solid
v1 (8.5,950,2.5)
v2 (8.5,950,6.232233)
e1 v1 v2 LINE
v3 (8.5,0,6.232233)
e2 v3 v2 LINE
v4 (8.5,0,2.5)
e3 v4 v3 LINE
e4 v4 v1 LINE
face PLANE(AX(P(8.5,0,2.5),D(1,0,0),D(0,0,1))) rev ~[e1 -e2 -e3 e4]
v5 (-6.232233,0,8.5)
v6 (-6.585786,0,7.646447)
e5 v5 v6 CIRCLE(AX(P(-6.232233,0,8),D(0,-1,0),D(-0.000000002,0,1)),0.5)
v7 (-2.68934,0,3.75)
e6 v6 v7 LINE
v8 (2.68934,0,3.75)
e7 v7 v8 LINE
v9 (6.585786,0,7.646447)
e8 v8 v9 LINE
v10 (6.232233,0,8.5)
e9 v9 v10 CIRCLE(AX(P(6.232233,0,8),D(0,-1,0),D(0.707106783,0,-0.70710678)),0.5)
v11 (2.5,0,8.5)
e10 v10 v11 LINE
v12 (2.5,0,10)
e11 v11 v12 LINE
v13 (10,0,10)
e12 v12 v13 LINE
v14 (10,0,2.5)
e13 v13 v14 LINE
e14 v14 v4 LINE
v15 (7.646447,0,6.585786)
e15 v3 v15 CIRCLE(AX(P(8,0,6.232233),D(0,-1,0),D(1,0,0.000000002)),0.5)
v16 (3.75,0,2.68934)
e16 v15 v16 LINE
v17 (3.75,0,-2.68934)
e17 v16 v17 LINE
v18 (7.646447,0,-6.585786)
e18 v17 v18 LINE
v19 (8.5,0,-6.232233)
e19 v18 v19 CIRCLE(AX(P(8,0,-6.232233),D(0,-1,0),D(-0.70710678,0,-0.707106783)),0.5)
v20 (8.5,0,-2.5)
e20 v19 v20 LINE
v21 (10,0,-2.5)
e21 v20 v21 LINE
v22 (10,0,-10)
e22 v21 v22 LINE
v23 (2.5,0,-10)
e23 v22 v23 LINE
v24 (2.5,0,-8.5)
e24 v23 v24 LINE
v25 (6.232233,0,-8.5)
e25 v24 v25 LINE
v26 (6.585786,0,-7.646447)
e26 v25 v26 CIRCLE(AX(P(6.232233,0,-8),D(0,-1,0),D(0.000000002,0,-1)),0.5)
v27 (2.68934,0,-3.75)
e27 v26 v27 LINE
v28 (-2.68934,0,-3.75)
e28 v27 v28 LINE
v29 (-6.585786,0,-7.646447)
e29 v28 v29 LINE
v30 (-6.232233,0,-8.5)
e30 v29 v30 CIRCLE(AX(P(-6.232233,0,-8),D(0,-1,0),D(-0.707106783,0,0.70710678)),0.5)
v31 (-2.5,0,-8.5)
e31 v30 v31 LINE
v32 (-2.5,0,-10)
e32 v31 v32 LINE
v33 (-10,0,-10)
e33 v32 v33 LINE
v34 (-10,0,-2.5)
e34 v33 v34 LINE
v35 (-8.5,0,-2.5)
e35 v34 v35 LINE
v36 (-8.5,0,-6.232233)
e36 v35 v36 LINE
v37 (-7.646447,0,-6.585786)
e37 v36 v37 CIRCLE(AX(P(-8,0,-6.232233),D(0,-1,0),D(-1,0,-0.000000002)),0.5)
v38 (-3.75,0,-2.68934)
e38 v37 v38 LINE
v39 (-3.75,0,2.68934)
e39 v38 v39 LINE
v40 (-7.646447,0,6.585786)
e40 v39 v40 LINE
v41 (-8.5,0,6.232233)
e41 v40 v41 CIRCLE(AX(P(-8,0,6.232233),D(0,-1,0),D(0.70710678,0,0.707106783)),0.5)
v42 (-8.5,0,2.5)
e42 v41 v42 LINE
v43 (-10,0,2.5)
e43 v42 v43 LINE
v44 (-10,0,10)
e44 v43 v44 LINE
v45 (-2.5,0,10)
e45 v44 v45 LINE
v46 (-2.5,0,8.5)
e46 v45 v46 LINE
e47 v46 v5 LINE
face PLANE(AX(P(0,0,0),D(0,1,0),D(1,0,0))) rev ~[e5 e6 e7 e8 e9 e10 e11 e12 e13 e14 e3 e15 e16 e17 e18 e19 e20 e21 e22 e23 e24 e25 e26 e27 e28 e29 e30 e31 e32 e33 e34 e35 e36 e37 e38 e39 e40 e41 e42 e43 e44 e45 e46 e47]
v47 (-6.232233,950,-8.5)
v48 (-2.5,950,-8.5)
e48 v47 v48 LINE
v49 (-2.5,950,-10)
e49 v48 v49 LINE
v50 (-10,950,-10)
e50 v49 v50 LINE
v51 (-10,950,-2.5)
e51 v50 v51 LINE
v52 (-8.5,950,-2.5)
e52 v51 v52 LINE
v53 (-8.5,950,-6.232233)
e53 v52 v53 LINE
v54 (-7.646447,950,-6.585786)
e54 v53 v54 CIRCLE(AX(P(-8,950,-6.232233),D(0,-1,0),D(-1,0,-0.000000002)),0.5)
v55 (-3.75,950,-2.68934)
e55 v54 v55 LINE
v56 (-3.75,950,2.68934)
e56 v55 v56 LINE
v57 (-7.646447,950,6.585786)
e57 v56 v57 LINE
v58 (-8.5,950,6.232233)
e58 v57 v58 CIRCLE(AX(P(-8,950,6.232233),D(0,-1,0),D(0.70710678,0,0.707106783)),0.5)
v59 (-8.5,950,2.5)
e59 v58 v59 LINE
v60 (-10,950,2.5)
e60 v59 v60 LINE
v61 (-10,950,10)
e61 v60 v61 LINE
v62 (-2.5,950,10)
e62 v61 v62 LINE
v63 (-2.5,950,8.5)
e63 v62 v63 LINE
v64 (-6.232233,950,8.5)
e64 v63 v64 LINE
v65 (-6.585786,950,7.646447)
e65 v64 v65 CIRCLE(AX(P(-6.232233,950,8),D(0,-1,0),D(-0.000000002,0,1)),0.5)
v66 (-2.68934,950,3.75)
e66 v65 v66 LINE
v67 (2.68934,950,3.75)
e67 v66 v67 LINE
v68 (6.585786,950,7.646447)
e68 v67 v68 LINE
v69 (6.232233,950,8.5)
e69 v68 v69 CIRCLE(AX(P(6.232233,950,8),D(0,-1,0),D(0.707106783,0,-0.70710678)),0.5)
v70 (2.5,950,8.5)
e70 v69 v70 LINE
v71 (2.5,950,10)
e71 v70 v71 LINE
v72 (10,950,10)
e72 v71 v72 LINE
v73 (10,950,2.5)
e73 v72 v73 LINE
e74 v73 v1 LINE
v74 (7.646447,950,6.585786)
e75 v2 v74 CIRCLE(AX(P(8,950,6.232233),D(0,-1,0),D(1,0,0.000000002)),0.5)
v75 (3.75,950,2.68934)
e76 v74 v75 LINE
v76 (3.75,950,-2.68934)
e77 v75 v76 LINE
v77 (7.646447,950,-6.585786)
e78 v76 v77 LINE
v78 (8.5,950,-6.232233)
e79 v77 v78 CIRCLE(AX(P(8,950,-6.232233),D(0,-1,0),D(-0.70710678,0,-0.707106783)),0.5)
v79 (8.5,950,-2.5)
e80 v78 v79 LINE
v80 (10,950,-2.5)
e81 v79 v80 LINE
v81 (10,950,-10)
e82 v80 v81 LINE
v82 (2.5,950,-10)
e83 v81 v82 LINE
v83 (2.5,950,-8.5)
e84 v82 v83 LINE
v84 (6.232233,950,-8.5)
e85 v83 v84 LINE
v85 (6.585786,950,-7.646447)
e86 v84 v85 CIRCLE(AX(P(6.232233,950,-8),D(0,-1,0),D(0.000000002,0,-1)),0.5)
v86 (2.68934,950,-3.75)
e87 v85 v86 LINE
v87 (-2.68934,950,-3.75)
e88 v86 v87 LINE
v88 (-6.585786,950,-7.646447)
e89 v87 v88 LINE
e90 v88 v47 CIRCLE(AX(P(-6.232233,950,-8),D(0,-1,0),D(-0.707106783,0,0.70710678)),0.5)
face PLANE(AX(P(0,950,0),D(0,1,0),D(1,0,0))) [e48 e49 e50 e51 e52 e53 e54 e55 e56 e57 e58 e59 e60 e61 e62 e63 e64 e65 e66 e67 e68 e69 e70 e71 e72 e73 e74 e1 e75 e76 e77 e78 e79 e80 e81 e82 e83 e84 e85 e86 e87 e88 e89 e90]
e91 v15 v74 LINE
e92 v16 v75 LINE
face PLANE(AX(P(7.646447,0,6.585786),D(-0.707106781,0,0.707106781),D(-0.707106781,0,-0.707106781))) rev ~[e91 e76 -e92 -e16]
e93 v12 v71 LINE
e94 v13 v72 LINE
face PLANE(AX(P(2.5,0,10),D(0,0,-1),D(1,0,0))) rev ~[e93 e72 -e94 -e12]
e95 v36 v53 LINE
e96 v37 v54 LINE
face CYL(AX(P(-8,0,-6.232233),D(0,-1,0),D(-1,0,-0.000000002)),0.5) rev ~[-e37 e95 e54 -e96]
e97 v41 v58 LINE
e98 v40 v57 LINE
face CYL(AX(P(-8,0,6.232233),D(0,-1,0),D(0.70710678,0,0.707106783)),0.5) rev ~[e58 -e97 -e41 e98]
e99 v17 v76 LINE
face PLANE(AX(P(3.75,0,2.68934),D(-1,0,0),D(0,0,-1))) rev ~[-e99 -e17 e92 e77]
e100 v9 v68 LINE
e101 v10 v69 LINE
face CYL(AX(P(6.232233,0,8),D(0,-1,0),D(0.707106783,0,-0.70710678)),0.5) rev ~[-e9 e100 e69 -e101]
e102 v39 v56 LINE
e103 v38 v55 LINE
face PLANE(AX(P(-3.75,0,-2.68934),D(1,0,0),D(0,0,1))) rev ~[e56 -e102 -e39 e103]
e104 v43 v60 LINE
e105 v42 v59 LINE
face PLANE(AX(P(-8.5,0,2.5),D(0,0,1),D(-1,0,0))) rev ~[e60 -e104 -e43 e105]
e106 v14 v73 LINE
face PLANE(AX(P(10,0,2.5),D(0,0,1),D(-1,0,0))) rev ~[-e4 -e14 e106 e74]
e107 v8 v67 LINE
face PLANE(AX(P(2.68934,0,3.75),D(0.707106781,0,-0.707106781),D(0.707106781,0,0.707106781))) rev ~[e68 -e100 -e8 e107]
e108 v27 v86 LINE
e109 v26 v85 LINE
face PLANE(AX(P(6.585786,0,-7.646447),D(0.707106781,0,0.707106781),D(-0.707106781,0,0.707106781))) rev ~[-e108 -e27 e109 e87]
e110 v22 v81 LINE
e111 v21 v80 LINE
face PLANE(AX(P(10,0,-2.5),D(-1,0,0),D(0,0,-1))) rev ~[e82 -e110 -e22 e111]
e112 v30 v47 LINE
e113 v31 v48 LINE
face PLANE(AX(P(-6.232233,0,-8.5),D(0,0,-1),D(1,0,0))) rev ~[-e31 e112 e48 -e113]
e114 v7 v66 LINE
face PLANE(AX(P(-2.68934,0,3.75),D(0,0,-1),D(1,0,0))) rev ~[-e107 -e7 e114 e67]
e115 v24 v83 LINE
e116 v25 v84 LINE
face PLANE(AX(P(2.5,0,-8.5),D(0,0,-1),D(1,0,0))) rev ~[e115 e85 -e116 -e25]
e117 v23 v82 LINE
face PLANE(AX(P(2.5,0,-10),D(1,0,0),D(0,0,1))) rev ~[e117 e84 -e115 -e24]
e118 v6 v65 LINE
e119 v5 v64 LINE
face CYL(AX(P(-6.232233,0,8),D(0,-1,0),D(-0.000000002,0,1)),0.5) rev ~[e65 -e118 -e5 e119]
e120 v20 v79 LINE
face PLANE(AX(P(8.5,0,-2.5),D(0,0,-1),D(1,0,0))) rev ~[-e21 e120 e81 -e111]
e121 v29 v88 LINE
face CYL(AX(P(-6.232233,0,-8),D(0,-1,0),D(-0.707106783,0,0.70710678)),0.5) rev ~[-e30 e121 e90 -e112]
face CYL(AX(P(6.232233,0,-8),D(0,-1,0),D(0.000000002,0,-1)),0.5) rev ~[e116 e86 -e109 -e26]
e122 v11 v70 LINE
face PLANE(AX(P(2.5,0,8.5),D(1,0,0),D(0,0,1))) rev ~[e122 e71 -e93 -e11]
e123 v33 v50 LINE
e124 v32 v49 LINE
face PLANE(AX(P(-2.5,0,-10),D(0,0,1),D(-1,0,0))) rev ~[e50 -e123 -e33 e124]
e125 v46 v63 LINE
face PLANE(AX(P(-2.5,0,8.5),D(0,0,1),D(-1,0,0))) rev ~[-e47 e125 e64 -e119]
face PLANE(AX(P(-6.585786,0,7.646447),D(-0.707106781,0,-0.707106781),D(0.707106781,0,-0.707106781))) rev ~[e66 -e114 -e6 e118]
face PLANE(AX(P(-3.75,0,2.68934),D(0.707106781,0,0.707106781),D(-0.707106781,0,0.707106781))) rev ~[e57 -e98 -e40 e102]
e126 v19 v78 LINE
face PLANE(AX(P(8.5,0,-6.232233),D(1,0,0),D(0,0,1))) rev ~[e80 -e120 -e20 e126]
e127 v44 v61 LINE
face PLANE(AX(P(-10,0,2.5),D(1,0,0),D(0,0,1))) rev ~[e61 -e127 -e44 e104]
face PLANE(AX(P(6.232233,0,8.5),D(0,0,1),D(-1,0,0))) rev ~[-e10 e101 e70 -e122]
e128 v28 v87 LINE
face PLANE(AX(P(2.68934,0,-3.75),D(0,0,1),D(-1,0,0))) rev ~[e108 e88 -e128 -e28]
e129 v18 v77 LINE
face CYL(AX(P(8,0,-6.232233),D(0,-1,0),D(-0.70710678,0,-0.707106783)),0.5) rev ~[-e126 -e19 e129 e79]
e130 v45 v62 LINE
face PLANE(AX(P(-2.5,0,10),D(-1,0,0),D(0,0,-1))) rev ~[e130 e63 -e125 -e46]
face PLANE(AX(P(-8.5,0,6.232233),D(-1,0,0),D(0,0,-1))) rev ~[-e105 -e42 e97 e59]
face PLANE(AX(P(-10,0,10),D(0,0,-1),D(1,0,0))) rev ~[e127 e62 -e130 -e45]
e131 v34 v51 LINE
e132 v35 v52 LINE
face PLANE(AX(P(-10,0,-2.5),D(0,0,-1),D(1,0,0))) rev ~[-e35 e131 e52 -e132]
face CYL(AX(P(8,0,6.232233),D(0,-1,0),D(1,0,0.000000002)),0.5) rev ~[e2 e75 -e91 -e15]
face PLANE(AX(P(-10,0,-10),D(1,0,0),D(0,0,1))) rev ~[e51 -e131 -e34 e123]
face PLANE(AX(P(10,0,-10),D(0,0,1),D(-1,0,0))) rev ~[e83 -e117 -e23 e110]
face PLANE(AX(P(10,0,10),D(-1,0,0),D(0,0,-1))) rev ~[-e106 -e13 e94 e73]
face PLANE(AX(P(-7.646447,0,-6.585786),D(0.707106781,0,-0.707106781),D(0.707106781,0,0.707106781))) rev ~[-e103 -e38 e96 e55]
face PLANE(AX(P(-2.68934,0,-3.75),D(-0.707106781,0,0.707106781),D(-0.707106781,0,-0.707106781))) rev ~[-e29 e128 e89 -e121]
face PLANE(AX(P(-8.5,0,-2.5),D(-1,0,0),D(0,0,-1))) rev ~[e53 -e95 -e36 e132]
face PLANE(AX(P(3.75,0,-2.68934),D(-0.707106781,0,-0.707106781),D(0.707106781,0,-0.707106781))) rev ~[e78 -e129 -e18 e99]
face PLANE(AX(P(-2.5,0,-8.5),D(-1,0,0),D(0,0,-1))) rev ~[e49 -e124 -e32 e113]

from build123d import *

# Parameters (mm, degrees)
BOSS_EXTRU_1_DEPTH = 950


with BuildPart() as part:
    # Esquisse1 → Boss.-Extru.1 (new body)
    with BuildSketch(Plane(origin=(0, 0, 0), x_dir=(1, 0, 0), z_dir=(0, 1, 0))):
        with BuildLine():
            Line((-10, -2.5), (-10, -10))
            Line((-10, -10), (-2.5, -10))
            Line((-2.5, -10), (-2.5, -8.5))
            Line((-2.5, -8.5), (-6.232233047, -8.5))
            ThreePointArc((-6.232233047, -8.5), (-6.694172813, -8.191341716), (-6.585786438, -7.646446609))
            Line((-6.585786438, -7.646446609), (-2.689339828, -3.75))
            Line((-2.689339828, -3.75), (2.689339828, -3.75))
            Line((2.689339828, -3.75), (6.585786438, -7.646446609))
            ThreePointArc((6.585786438, -7.646446609), (6.694172813, -8.191341716), (6.232233047, -8.5))
            Line((6.232233047, -8.5), (2.5, -8.5))
            Line((2.5, -8.5), (2.5, -10))
            Line((2.5, -10), (10, -10))
            Line((10, -10), (10, -2.5))
            Line((10, -2.5), (8.5, -2.5))
            Line((8.5, -2.5), (8.5, -6.232233047))
            ThreePointArc((8.5, -6.232233047), (8.191341716, -6.694172813), (7.646446609, -6.585786438))
            Line((7.646446609, -6.585786438), (3.75, -2.689339828))
            Line((3.75, -2.689339828), (3.75, 2.689339828))
            Line((3.75, 2.689339828), (7.646446609, 6.585786438))
            ThreePointArc((7.646446609, 6.585786438), (8.191341716, 6.694172813), (8.5, 6.232233047))
            Line((8.5, 6.232233047), (8.5, 2.5))
            Line((8.5, 2.5), (10, 2.5))
            Line((10, 2.5), (10, 10))
            Line((10, 10), (2.5, 10))
            Line((2.5, 10), (2.5, 8.5))
            Line((2.5, 8.5), (6.232233047, 8.5))
            ThreePointArc((6.232233047, 8.5), (6.694172813, 8.191341716), (6.585786438, 7.646446609))
            Line((6.585786438, 7.646446609), (2.689339828, 3.75))
            Line((2.689339828, 3.75), (-2.689339828, 3.75))
            Line((-2.689339828, 3.75), (-6.585786438, 7.646446609))
            ThreePointArc((-6.585786438, 7.646446609), (-6.694172813, 8.191341716), (-6.232233047, 8.5))
            Line((-6.232233047, 8.5), (-2.5, 8.5))
            Line((-2.5, 8.5), (-2.5, 10))
            Line((-2.5, 10), (-10, 10))
            Line((-10, 10), (-10, 2.5))
            Line((-10, 2.5), (-8.5, 2.5))
            Line((-8.5, 2.5), (-8.5, 6.232233047))
            ThreePointArc((-8.5, 6.232233047), (-8.191341716, 6.694172813), (-7.646446609, 6.585786438))
            Line((-7.646446609, 6.585786438), (-3.75, 2.689339828))
            Line((-3.75, 2.689339828), (-3.75, -2.689339828))
            Line((-3.75, -2.689339828), (-7.646446609, -6.585786438))
            ThreePointArc((-7.646446609, -6.585786438), (-8.191341716, -6.694172813), (-8.5, -6.232233047))
            Line((-8.5, -6.232233047), (-8.5, -2.5))
            Line((-8.5, -2.5), (-10, -2.5))
        make_face()
    extrude(amount=BOSS_EXTRU_1_DEPTH)


solid = part.part
